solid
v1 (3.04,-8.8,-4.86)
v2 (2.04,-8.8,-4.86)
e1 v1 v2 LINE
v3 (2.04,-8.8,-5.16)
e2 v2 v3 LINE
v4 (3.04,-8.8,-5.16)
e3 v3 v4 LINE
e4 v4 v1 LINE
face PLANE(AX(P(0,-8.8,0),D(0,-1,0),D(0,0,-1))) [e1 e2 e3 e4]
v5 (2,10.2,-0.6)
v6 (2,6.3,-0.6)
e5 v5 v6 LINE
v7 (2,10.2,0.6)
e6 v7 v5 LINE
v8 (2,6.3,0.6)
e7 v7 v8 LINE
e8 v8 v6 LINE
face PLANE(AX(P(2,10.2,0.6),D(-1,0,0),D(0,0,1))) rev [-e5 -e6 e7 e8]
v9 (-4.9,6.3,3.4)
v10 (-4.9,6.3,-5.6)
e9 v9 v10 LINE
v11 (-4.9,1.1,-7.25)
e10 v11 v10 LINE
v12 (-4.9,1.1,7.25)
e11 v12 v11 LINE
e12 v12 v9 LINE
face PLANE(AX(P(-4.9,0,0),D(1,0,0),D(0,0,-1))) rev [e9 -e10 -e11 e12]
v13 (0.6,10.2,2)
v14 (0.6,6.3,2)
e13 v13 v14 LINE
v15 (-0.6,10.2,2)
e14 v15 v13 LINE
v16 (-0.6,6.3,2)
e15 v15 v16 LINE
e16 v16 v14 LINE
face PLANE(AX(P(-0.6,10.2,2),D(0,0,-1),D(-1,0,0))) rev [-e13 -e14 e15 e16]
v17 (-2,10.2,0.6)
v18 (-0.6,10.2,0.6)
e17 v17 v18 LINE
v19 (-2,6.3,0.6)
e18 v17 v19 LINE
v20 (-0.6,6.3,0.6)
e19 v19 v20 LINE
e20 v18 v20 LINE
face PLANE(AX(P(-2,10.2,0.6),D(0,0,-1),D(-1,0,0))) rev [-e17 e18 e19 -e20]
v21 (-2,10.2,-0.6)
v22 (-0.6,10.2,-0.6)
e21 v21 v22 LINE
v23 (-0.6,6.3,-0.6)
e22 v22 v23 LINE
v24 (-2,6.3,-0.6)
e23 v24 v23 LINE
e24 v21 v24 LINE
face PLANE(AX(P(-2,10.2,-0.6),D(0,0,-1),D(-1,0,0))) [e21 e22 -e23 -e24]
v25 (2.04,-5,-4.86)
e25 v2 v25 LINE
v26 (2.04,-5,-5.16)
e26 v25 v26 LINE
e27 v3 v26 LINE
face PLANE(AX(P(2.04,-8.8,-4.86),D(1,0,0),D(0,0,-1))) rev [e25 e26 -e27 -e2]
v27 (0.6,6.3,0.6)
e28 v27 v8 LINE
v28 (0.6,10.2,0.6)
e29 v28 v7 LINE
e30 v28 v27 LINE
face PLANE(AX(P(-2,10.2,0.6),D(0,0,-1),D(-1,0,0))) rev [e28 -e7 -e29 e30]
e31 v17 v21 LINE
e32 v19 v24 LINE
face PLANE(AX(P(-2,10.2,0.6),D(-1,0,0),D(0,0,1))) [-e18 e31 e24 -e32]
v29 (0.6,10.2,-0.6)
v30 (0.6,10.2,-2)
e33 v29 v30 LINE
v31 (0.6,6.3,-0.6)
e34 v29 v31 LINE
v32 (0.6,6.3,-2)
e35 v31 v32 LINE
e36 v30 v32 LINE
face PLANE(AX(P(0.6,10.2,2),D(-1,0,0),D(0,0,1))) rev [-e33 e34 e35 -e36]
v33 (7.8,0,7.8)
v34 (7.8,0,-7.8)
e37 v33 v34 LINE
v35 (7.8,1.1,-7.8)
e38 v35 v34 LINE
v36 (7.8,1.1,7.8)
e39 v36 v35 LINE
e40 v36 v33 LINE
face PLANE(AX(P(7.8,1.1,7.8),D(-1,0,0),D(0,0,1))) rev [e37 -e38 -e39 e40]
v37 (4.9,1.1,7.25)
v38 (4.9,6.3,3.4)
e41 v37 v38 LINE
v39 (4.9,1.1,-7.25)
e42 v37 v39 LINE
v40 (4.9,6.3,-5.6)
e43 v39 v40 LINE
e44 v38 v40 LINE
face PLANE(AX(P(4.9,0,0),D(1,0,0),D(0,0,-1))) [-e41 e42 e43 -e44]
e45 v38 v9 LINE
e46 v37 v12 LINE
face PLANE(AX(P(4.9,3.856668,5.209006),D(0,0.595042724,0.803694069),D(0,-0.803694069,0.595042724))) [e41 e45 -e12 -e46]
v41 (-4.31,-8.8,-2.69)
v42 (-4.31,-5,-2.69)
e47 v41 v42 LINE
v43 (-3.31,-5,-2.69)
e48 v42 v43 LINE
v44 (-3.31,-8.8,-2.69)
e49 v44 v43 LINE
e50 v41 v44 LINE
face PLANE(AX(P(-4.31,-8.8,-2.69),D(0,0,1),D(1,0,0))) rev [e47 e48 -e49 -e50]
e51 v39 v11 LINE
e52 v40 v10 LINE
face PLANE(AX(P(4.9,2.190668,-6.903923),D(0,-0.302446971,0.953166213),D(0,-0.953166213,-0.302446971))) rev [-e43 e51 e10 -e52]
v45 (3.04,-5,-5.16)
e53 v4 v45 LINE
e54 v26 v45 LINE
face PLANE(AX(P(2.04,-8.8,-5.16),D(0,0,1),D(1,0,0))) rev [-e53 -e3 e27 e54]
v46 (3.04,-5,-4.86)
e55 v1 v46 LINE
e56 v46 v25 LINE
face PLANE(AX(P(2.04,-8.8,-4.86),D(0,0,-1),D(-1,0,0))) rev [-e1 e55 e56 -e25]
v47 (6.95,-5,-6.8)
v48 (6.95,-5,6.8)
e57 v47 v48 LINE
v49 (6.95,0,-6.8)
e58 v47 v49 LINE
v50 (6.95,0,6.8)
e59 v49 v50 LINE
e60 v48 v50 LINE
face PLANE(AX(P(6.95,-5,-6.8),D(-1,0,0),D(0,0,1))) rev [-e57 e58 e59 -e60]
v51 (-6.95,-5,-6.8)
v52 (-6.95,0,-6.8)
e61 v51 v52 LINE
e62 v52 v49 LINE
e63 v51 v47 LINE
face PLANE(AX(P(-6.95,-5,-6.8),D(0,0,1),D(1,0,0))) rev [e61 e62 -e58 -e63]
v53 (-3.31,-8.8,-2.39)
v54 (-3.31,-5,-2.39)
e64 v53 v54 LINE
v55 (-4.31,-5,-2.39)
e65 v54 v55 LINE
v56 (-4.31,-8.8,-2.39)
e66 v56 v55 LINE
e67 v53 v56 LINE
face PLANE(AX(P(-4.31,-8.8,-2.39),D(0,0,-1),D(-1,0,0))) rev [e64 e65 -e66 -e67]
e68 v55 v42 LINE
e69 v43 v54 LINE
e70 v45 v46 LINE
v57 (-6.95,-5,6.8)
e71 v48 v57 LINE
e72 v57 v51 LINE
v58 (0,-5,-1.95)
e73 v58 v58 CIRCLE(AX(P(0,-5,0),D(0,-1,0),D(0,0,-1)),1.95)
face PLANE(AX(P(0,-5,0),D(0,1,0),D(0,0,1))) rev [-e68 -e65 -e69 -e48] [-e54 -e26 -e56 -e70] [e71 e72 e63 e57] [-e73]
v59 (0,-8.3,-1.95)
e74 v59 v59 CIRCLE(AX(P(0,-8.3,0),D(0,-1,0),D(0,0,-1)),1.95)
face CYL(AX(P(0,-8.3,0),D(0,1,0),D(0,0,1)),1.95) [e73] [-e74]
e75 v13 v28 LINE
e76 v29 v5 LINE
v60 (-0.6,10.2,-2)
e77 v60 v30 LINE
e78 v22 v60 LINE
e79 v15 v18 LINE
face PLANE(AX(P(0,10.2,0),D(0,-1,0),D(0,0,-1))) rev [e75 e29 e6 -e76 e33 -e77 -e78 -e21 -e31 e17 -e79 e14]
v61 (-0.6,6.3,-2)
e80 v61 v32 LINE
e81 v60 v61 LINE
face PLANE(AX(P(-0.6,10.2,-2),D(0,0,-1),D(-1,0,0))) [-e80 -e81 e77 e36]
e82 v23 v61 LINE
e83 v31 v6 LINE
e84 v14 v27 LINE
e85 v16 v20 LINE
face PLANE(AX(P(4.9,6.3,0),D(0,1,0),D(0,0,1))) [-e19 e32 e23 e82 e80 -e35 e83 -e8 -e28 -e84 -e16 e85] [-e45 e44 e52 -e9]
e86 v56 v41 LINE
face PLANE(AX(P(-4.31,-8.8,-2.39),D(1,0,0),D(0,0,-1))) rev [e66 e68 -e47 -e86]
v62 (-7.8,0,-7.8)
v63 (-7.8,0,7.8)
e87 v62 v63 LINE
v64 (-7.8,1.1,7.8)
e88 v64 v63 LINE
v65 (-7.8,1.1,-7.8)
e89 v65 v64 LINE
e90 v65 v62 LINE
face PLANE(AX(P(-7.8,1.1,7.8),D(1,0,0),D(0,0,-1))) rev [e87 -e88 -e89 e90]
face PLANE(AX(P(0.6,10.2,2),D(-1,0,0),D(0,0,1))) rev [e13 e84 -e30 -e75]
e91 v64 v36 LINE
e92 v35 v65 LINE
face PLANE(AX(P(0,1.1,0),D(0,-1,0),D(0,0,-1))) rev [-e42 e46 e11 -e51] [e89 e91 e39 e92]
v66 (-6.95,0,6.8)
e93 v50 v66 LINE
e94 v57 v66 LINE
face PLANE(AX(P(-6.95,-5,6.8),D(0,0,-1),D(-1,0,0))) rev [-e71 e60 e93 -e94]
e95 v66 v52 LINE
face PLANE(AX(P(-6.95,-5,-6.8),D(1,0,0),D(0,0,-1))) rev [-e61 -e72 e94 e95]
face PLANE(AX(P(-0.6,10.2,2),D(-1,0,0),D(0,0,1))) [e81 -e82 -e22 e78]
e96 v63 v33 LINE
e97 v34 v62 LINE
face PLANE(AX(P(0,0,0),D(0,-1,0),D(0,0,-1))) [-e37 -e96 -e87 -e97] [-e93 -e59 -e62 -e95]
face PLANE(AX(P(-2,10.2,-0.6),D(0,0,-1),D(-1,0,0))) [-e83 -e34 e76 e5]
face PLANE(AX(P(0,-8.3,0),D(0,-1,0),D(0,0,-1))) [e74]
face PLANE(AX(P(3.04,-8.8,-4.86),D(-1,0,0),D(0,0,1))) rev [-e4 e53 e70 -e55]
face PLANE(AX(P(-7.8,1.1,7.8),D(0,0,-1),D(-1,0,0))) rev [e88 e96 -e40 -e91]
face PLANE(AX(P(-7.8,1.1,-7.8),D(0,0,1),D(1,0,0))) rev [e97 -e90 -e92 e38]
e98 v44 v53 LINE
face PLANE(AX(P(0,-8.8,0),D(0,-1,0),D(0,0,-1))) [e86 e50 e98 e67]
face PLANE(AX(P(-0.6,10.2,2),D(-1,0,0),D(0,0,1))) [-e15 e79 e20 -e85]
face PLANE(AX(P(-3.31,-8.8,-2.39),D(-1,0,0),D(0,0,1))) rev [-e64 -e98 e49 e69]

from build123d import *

# Parameters (mm, degrees)
SKETCH_4_W      = 15.6
SKETCH_4_H      = 15.6
EXTRUDE_1_DEPTH = 1.1
EXTRUDE_2_DEPTH = 4.9
SKETCH_7_W      = 13.9
SKETCH_7_H      = 13.6
EXTRUDE_4_DEPTH = 5
SKETCH_6_R      = 1.95
EXTRUDE_3_DEPTH = 3.3
SKETCH_8_W      = 1.2
SKETCH_8_H      = 4
SKETCH_8_W_2    = 4
SKETCH_8_H_2    = 1.2
EXTRUDE_5_DEPTH = 3.9
SKETCH_9_W      = 1
SKETCH_9_H      = 0.3
EXTRUDE_6_DEPTH = 3.8


with BuildPart() as part:
    # 草图4 → 凸台-拉伸1 (new body)
    with BuildSketch(Plane(origin=(0, 0, 0), x_dir=(1, 0, 0), z_dir=(0, 1, 0))):
        Rectangle(SKETCH_4_W, SKETCH_4_H)
    extrude(amount=EXTRUDE_1_DEPTH)

    # 草图5 → 凸台-拉伸2 (add, symmetric)
    with BuildSketch(Plane(origin=(0, 0, 0), x_dir=(0, 0, -1), z_dir=(1, 0, 0))):
        Polygon((-7.25, 1.1), (7.25, 1.1), (5.6, 6.3), (-3.4, 6.3), align=None)
    extrude(amount=EXTRUDE_2_DEPTH, both=True)

    # 草图7 → 凸台-拉伸4 (add)
    with BuildSketch(Plane.XZ):
        Rectangle(SKETCH_7_W, SKETCH_7_H)
    extrude(amount=EXTRUDE_4_DEPTH)

    # 草图6 → 凸台-拉伸3 (add)
    with BuildSketch(Plane.XZ.offset(5)):
        with Locations(Location((0, 0, 0), (0, 0, 270))):
            Circle(SKETCH_6_R)
    extrude(amount=EXTRUDE_3_DEPTH)

    # 草图8 → 凸台-拉伸5 (add)
    with BuildSketch(Plane(origin=(0, 6.3, 0), x_dir=(1, 0, 0), z_dir=(0, 1, 0))):
        Rectangle(SKETCH_8_W, SKETCH_8_H)
        Rectangle(SKETCH_8_W_2, SKETCH_8_H_2)
    extrude(amount=EXTRUDE_5_DEPTH)

    # 草图9 → 凸台-拉伸6 (add)
    with BuildSketch(Plane.XZ.offset(5)):
        with Locations((2.54, -5.01)):
            Rectangle(SKETCH_9_W, SKETCH_9_H)
        with Locations((-3.81, -2.54)):
            Rectangle(SKETCH_9_W, SKETCH_9_H)
    extrude(amount=EXTRUDE_6_DEPTH)


solid = part.part
